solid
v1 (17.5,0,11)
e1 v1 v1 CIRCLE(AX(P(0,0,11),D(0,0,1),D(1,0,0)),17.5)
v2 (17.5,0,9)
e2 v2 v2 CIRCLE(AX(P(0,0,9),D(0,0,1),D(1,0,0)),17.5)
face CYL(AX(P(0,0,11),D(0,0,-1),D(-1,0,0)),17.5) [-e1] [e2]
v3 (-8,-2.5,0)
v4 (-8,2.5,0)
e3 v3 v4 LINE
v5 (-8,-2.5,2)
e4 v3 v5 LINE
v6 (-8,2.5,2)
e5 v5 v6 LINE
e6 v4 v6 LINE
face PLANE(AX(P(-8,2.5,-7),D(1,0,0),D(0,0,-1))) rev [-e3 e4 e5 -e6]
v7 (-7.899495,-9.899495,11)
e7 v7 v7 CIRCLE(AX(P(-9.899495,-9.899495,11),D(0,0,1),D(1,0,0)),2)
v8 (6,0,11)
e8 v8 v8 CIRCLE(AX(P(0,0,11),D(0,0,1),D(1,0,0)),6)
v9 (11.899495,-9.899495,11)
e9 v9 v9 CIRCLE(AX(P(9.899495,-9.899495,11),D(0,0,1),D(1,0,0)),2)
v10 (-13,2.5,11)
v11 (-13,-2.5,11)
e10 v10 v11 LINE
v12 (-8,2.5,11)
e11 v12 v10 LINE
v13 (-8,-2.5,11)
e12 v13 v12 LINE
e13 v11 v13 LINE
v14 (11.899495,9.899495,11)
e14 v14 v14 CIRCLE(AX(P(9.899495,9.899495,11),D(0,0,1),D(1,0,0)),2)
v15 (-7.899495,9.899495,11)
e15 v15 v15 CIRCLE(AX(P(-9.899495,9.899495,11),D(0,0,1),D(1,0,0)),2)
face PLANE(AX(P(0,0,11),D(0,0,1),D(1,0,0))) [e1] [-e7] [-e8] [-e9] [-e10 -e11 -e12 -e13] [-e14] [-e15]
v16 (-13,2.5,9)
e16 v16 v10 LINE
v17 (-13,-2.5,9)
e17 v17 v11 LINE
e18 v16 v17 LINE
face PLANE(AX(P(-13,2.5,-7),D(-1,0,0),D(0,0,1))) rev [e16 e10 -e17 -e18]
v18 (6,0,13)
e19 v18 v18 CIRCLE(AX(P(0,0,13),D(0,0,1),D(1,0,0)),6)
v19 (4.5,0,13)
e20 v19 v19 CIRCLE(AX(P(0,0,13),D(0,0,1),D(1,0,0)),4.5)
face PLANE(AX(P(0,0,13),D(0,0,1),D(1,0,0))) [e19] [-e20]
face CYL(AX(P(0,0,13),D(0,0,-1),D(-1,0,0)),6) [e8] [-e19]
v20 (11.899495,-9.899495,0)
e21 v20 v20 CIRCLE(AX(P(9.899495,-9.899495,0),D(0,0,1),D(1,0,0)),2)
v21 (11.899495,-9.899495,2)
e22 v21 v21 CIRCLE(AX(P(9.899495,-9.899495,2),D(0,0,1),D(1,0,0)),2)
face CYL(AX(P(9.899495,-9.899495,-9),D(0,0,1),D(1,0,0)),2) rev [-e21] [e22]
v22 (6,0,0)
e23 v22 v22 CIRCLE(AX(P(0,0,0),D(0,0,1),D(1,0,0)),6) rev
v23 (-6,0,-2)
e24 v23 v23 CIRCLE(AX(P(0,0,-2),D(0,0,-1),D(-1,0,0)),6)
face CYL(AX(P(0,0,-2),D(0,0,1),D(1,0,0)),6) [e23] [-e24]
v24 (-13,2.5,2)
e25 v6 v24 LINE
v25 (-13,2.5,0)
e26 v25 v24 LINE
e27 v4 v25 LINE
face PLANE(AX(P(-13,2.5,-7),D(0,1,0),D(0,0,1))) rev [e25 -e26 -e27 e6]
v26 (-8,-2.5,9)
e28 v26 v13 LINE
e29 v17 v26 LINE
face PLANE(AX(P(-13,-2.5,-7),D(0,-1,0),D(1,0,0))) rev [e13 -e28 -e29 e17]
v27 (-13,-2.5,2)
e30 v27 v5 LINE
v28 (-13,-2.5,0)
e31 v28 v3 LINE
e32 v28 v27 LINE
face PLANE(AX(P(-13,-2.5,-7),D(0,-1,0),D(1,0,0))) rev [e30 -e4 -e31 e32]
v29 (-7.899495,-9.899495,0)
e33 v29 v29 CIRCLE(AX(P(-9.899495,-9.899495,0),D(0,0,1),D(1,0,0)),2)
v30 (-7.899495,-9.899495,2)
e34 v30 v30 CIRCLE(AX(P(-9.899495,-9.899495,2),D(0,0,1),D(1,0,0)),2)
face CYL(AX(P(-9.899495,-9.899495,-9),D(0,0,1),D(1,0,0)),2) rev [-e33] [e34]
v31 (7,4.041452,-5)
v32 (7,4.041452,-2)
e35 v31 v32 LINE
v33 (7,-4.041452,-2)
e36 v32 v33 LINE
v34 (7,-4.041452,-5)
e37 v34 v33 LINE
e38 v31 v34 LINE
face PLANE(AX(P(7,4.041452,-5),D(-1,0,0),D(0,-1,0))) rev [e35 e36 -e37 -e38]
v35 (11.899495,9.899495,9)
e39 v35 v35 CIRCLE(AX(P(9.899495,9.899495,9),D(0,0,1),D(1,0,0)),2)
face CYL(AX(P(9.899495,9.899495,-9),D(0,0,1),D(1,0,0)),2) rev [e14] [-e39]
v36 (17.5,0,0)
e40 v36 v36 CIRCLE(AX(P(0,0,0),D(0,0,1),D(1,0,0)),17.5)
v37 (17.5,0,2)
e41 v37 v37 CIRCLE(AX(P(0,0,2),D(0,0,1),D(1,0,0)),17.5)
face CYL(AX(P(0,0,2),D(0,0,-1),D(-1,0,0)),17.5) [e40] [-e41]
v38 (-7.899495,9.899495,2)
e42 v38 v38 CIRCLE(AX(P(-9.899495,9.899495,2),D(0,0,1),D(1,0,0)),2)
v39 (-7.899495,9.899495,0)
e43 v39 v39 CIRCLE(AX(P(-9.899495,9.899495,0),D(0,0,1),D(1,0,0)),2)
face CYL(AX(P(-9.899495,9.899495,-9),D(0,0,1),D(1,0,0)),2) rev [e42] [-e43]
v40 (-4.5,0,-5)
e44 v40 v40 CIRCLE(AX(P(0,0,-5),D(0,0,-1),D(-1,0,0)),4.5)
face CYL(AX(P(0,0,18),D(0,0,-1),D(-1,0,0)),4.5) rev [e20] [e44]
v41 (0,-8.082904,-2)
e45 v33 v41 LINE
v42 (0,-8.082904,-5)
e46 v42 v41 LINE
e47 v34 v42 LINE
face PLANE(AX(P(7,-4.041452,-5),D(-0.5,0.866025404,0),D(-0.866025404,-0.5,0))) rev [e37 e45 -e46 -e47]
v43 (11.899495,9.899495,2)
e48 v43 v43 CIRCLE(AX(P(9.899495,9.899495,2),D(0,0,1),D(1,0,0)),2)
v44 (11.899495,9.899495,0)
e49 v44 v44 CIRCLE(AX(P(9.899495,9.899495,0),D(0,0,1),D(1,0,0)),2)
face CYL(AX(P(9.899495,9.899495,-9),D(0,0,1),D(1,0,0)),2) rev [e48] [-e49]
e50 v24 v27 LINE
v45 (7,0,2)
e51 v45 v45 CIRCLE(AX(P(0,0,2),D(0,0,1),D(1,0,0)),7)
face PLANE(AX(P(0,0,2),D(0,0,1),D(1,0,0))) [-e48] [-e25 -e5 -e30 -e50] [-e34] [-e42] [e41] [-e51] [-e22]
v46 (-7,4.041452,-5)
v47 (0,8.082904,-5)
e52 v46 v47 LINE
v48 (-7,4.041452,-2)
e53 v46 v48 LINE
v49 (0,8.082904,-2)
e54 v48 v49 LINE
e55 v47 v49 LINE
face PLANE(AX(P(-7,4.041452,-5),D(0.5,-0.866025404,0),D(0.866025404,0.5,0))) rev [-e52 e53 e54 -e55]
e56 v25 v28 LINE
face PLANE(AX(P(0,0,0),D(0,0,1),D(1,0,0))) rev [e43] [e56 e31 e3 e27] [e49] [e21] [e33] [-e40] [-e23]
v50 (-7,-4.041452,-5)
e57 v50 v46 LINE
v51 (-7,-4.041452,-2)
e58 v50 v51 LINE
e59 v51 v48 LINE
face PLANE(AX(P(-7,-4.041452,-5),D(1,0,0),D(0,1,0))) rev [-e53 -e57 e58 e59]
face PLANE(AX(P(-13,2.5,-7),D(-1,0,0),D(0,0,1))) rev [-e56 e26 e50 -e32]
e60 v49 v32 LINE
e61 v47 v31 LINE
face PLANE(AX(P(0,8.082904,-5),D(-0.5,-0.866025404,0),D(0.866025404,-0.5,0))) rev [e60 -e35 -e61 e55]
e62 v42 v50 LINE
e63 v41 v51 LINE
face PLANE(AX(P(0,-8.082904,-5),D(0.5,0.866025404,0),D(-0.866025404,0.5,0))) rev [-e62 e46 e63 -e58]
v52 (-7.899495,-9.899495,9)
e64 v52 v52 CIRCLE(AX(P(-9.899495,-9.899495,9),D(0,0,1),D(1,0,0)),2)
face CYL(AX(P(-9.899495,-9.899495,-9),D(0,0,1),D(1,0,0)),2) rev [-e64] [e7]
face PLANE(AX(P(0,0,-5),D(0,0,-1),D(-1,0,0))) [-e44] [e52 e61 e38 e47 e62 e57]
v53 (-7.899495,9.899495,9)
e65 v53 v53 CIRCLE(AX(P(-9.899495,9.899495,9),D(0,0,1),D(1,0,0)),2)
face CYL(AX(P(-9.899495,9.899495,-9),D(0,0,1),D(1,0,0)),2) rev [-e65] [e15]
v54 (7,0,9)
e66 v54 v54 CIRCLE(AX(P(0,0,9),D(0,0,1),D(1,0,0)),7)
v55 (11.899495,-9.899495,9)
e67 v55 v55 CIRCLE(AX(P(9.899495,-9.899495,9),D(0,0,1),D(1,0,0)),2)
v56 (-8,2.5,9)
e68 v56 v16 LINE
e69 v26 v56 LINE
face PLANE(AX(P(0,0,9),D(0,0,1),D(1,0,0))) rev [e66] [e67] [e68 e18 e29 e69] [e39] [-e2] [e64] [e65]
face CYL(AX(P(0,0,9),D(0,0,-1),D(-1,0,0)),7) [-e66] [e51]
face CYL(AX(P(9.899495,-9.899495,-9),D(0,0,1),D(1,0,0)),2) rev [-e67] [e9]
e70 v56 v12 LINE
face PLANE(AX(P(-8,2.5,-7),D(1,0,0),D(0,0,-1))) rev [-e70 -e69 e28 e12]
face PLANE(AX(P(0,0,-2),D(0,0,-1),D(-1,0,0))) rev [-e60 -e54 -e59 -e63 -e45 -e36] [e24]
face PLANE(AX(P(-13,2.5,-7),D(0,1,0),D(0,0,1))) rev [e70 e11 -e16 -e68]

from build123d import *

# Parameters (mm, degrees)
SKETCH_1_R          = 17.5
EXTRUDE_1_DEPTH     = 2
SKETCH_2_R          = 7
EXTRUDE_2_DEPTH     = 7
SKETCH_3_R          = 17.5
EXTRUDE_3_DEPTH     = 2
SKETCH_4_W          = 5
SKETCH_4_H          = 5
CUT_EXTRUDE_1_DEPTH = 18
SKETCH_5_R          = 4.5
CUT_EXTRUDE_2_DEPTH = 18
SKETCH_6_R          = 6
SKETCH_6_R_2        = 4.5
EXTRUDE_4_DEPTH     = 2
SKETCH_7_R          = 2
CUT_EXTRUDE_3_DEPTH = 20
EXTRUDE_START       = 2
SKETCH_8_R          = 6
SKETCH_8_R_2        = 4.5
EXTRUDE_5_DEPTH     = 2
EXTRUDE_START_2     = 3
SKETCH_10_R         = 4.5
EXTRUDE_6_DEPTH     = 3


with BuildPart() as part:
    # 草图1 → 凸台-拉伸1 (new body)
    with BuildSketch(Plane.XY):
        Circle(SKETCH_1_R)
    extrude(amount=EXTRUDE_1_DEPTH)

    # 草图2 → 凸台-拉伸2 (add)
    with BuildSketch(Plane.XY.offset(2)):
        Circle(SKETCH_2_R)
    extrude(amount=EXTRUDE_2_DEPTH)

    # 草图3 → 凸台-拉伸3 (add)
    with BuildSketch(Plane.XY.offset(9)):
        Circle(SKETCH_3_R)
    extrude(amount=EXTRUDE_3_DEPTH)

    # 草图4 → 切除-拉伸1 (cut)
    with BuildSketch(Plane.XY.offset(11)):
        with Locations((-10.5, 0)):
            Rectangle(SKETCH_4_W, SKETCH_4_H)
    extrude(amount=-CUT_EXTRUDE_1_DEPTH, mode=Mode.SUBTRACT)

    # 草图5 → 切除-拉伸2 (cut)
    with BuildSketch(Plane(origin=(0, 0, 0), x_dir=(-1, 0, 0), z_dir=(0, 0, -1))):
        Circle(SKETCH_5_R)
    extrude(amount=-CUT_EXTRUDE_2_DEPTH, mode=Mode.SUBTRACT)

    # 草图6 → 凸台-拉伸4 (add)
    with BuildSketch(Plane.XY.offset(11)):
        Circle(SKETCH_6_R)
        with Locations(Location((0, 0, 0), (0, 0, 180))):
            Circle(SKETCH_6_R_2, mode=Mode.SUBTRACT)
    extrude(amount=EXTRUDE_4_DEPTH)

    # 草图7 → 切除-拉伸3 (cut)
    with BuildSketch(Plane.XY.offset(11)):
        with Locations((-9.899494937, 9.899494937)):
            Circle(SKETCH_7_R)
        with Locations((9.899494937, 9.899494937)):
            Circle(SKETCH_7_R)
        with Locations((9.899494937, -9.899494937)):
            Circle(SKETCH_7_R)
        with Locations((-9.899494937, -9.899494937)):
            Circle(SKETCH_7_R)
    extrude(amount=-CUT_EXTRUDE_3_DEPTH, mode=Mode.SUBTRACT)

    # 草图8 → 凸台-拉伸5 (add)
    with BuildSketch(Plane(origin=(0, 0, 0), x_dir=(-1, 0, 0), z_dir=(0, 0, -1)).offset(EXTRUDE_START)):
        with Locations(Location((0, 0, 0), (0, 0, 180))):
            Circle(SKETCH_8_R)
        Circle(SKETCH_8_R_2, mode=Mode.SUBTRACT)
    extrude(amount=-EXTRUDE_5_DEPTH)

    # 草图10 → 凸台-拉伸6 (add)
    with BuildSketch(Plane(origin=(0, 0, -2), x_dir=(-1, 0, 0), z_dir=(0, 0, -1)).offset(EXTRUDE_START_2)):
        Polygon((0, 8.082903769), (-7, 4.041451884), (-7, -4.041451884), (0, -8.082903769), (7, -4.041451884), (7, 4.041451884), align=None)
        Circle(SKETCH_10_R, mode=Mode.SUBTRACT)
    extrude(amount=-EXTRUDE_6_DEPTH)


solid = part.part
